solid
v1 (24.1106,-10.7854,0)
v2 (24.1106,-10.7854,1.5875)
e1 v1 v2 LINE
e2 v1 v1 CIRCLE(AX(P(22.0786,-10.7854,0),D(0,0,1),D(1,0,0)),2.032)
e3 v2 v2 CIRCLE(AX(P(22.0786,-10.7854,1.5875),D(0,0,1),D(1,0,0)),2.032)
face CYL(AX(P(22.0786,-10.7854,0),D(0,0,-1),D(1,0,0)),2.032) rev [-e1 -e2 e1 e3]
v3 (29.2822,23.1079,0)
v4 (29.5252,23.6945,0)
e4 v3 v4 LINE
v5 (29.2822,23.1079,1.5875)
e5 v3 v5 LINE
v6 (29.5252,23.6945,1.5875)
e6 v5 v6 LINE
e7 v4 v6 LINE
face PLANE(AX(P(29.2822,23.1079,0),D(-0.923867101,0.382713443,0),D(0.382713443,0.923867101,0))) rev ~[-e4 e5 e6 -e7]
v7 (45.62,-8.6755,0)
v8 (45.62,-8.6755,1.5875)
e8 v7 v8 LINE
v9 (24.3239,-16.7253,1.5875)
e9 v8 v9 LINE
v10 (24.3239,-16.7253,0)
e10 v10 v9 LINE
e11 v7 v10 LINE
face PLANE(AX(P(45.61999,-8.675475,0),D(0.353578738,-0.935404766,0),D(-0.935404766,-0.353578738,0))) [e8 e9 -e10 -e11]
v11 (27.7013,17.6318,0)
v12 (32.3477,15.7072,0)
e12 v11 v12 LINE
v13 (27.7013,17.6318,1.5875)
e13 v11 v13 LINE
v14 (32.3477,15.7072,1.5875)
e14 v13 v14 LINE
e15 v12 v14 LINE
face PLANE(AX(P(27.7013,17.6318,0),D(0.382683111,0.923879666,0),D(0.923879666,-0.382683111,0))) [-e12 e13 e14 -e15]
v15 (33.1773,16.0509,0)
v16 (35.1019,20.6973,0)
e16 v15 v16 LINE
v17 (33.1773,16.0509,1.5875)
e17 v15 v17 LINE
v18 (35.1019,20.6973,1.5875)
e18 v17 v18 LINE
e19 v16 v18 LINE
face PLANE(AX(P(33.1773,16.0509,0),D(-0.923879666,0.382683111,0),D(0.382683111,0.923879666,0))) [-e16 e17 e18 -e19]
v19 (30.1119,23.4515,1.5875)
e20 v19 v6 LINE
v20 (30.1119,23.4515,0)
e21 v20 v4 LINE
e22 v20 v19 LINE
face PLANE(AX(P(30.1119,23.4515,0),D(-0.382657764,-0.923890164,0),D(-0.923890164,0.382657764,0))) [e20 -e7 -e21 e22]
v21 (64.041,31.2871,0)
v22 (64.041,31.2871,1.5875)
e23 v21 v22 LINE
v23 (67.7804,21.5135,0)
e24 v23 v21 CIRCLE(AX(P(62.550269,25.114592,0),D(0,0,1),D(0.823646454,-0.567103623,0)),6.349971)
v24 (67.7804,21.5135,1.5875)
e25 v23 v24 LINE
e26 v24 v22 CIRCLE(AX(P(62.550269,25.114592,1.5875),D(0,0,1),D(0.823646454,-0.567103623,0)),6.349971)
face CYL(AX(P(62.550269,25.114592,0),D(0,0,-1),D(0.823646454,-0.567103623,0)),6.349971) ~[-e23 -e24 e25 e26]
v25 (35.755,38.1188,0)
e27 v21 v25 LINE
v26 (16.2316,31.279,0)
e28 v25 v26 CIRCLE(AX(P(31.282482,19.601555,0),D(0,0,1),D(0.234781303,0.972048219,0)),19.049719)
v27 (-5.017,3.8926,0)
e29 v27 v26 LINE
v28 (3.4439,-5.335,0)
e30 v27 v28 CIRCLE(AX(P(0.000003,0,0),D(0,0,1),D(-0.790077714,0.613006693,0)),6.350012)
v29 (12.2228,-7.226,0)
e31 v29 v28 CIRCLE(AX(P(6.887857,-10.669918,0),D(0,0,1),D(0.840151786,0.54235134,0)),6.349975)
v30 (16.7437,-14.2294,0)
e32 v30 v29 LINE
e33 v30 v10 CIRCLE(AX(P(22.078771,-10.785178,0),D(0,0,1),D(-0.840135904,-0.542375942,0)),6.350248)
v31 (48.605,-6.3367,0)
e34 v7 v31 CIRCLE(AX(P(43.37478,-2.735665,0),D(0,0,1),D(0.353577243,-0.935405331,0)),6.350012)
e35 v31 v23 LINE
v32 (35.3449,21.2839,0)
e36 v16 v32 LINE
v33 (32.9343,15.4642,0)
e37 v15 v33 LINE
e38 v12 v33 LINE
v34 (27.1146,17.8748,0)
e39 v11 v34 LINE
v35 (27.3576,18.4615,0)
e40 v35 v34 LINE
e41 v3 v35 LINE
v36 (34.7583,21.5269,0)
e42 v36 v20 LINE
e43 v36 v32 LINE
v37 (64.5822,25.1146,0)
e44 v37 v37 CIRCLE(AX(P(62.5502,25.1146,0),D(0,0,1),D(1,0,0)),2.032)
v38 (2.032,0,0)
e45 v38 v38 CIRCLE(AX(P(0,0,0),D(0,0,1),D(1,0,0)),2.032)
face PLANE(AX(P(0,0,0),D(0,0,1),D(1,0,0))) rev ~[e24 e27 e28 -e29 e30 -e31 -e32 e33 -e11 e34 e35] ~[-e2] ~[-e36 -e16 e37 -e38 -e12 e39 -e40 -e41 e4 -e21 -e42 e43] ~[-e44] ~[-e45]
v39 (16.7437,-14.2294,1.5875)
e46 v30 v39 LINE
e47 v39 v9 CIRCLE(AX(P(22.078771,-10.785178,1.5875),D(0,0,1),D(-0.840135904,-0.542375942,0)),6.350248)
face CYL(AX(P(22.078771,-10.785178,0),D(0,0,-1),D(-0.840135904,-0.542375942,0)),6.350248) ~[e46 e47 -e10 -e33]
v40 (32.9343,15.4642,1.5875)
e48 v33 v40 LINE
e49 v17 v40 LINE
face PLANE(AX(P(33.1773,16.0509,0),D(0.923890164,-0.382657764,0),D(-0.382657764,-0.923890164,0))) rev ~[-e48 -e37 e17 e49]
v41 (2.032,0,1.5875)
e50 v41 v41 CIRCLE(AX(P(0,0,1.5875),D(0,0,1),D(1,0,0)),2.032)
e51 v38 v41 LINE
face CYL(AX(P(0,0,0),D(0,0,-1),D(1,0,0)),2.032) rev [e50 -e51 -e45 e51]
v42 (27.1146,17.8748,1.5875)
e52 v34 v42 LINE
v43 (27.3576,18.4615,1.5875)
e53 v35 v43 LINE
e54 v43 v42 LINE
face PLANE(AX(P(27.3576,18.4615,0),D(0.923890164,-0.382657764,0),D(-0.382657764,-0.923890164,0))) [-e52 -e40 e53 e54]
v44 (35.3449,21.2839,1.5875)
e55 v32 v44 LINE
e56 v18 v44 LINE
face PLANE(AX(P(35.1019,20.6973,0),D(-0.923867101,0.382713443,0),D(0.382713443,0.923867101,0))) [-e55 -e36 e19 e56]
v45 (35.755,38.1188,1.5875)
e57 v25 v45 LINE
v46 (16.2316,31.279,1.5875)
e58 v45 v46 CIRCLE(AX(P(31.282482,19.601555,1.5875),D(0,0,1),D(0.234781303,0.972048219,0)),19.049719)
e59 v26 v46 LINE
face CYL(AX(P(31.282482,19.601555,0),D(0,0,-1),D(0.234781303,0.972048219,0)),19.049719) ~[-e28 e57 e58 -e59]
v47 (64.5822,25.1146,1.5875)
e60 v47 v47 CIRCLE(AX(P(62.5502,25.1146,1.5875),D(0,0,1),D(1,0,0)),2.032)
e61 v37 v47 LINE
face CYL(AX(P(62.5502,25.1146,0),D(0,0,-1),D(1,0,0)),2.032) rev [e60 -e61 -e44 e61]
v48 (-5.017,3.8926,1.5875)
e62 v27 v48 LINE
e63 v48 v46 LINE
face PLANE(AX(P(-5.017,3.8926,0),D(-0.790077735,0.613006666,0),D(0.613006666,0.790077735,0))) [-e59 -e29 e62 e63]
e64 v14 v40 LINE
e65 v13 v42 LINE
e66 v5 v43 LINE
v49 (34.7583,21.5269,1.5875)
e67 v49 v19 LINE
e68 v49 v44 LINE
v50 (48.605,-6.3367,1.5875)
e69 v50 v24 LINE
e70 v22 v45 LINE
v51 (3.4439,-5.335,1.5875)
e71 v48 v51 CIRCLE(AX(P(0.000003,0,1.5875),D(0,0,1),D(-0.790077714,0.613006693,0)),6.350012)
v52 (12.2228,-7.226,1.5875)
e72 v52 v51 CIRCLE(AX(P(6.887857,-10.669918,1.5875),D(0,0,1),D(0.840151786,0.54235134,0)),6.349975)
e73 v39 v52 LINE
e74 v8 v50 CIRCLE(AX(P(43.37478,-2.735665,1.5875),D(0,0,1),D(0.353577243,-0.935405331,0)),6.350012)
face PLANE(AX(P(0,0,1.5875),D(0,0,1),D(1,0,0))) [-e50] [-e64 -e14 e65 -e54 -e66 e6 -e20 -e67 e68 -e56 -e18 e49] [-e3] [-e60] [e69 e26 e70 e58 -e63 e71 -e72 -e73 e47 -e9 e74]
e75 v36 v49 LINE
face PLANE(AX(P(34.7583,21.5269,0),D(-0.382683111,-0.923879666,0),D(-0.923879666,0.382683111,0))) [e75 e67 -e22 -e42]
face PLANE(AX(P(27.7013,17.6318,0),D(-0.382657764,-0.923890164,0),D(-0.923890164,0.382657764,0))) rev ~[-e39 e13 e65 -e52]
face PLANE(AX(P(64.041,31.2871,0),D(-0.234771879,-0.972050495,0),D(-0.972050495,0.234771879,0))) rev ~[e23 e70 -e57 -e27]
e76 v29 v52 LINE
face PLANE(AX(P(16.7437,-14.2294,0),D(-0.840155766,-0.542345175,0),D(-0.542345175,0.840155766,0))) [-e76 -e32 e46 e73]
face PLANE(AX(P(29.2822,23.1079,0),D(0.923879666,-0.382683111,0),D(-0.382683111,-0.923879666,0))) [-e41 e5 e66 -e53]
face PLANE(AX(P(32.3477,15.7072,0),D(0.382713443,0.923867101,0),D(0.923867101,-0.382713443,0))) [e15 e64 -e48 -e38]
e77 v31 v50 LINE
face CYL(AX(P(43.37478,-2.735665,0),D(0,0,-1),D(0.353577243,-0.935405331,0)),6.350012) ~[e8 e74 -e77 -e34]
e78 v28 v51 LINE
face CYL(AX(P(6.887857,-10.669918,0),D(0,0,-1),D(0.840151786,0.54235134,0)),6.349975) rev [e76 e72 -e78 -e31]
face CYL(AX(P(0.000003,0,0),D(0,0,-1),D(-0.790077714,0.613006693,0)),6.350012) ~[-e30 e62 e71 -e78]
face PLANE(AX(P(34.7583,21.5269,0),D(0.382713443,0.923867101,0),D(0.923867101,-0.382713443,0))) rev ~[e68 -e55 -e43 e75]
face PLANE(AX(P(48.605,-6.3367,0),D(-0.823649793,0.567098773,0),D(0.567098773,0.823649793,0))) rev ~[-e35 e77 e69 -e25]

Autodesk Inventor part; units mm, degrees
ref_plane "YZ Plane" through (0, 0, 0) normal (1, 0, 0) x (0, 1, 0)
ref_plane "XZ Plane" through (0, 0, 0) normal (0, 1, 0) x (-1, 0, 0)
ref_plane "XY Plane" through (0, 0, 0) normal (0, 0, 1) x (1, 0, 0)
sketch "Sketch1" plane through (0, 0, 0) normal (0, 0, 1) x (1, 0, 0)
  circle A0 centre (0, 0) radius 2.0955 construction
  circle A1 centre (31.2825, 19.6012) radius 7.2 construction
  circle A2 centre (43.3748, -2.7357) radius 2.15 construction
  circle A3 centre (31.2825, 19.6012) radius 31.75 construction
  circle A4 centre (43.3748, -2.7357) radius 2.032 construction
  line L0 (31.2825, 19.6012) -> (31.2825, -12.1488) construction
  circle A5 centre (31.2825, -12.1488) radius 2.032 construction
  line L1 (31.2825, 19.6012) -> (62.5502, 25.1146) construction
  line L2 (31.2825, 19.6012) -> (63.0325, 19.6012) construction
  circle A6 centre (62.5502, 25.1146) radius 2.032
  arc A7 (67.7804, 21.5135) -> (64.041, 31.2871) centre (62.5502, 25.1146) ccw
  circle A8 centre (0, 0) radius 2.032
  arc A9 (-5.017, 3.8926) -> (3.4439, -5.335) centre (0, 0) ccw
  arc A10 (45.62, -8.6755) -> (48.605, -6.3367) centre (43.3748, -2.7357) ccw
  circle A11 centre (22.0786, -10.7854) radius 2.032
  line L3 (48.605, -6.3367) -> (67.7804, 21.5135)
  arc A12 (35.755, 38.1188) -> (16.2316, 31.279) centre (31.2825, 19.6012) ccw
  line L4 (64.041, 31.2871) -> (35.755, 38.1188)
  line L5 (-5.017, 3.8926) -> (16.2316, 31.279)
  arc A13 (16.7437, -14.2294) -> (24.3239, -16.7253) centre (22.0786, -10.7854) ccw
  arc A14 (12.2228, -7.226) -> (3.4439, -5.335) centre (6.8878, -10.67) ccw
  line L6 (16.7437, -14.2294) -> (12.2228, -7.226)
  line L7 (45.9985, -8.5324) -> (24.3239, -16.7253)
  line L8 (27.7013, 17.6318) -> (32.3477, 15.7072)
  line L9 (27.7013, 17.6318) -> (27.7013, 17.6318)
  line L10 (32.3477, 15.7072) -> (27.7013, 17.6318)
  line L11 (32.3477, 15.7072) -> (32.3477, 15.7072)
  line L12 (33.1773, 16.0509) -> (35.1019, 20.6973)
  line L13 (33.1773, 16.0509) -> (33.1773, 16.0509)
  line L14 (35.1019, 20.6973) -> (33.1773, 16.0509)
  line L15 (35.1019, 20.6973) -> (35.1019, 20.6973)
  line L16 (34.7583, 21.5269) -> (30.1119, 23.4515)
  line L17 (34.7583, 21.5269) -> (34.7583, 21.5269)
  line L18 (30.1119, 23.4515) -> (34.7583, 21.5269)
  line L19 (30.1119, 23.4515) -> (30.1119, 23.4515)
  line L20 (29.2822, 23.1079) -> (27.3576, 18.4615)
  line L21 (29.2822, 23.1079) -> (29.2822, 23.1079)
  line L22 (27.3576, 18.4615) -> (29.2822, 23.1079)
  line L23 (27.3576, 18.4615) -> (27.3576, 18.4615)
  line L24 (35.1019, 20.6973) -> (35.3449, 21.2839)
  line L25 (34.7583, 21.5269) -> (35.3449, 21.2839)
  line L26 (33.1773, 16.0509) -> (32.9343, 15.4642)
  line L27 (32.3477, 15.7072) -> (32.9343, 15.4642)
  line L28 (29.2822, 23.1079) -> (29.5252, 23.6945)
  line L29 (30.1119, 23.4515) -> (29.5252, 23.6945)
  line L30 (27.3576, 18.4615) -> (27.1146, 17.8748)
  line L31 (27.7013, 17.6318) -> (27.1146, 17.8748)
  point P0 (0, 0)
extrude "Plate1" add sketch "Sketch1" along normal blind 1.5875
sketch "Sketch2" plane through (0, 0, 1.5875) normal (0, 0, 1) x (1, 0, 0)
  arc A0 (-5.017, 3.8926) -> (3.4439, -5.335) centre (0, 0) ccw projected
  line L0 (-5.017, 3.8926) -> (16.2316, 31.279) projected
  arc A1 (35.755, 38.1188) -> (16.2316, 31.279) centre (31.2825, 19.6012) ccw projected
  line L1 (35.755, 38.1188) -> (64.041, 31.2871) projected
  arc A2 (67.7804, 21.5135) -> (64.041, 31.2871) centre (62.5502, 25.1146) ccw projected
  line L2 (67.7804, 21.5135) -> (48.605, -6.3367) projected
  arc A3 (45.62, -8.6755) -> (48.605, -6.3367) centre (43.3748, -2.7357) ccw projected
  line L3 (45.62, -8.6755) -> (24.3239, -16.7253) projected
  arc A4 (16.7437, -14.2294) -> (24.3239, -16.7253) centre (22.0786, -10.7854) ccw projected
  line L4 (16.7437, -14.2294) -> (12.2228, -7.226) projected
  arc A5 (12.2228, -7.226) -> (3.4439, -5.335) centre (6.8878, -10.67) ccw projected
  circle A6 centre (0, 0) radius 2.032 projected
  circle A7 centre (22.0786, -10.7854) radius 2.032 projected
  circle A8 centre (62.5502, 25.1146) radius 2.032 projected
  line L5 (29.5252, 23.6945) -> (35.3449, 21.2839) projected
  line L6 (27.1146, 17.8748) -> (29.5252, 23.6945) projected
  line L7 (35.3449, 21.2839) -> (32.9343, 15.4642) projected
  line L8 (32.9343, 15.4642) -> (27.1146, 17.8748) projected
  point P0 (0, 0)
equation "\"d20\" = Thickness"
equation "\"BendRadius\" = Thickness"
equation "\"BendReliefWidth\" = Thickness"
equation "\"BendReliefDepth\" = 0.5 * Thickness"
equation "\"CornerReliefSize\" = 4 * Thickness"
equation "\"MinimumRemnant\" = 2 * Thickness"
equation "\"TransitionRadius\" = BendRadius"
equation "\"JacobiRadiusSize\" = BendRadius"
equation "\"GapSize\" = Thickness"
equation "\"Thickness\" = 1.5875"
properties part number "Rear Vertical Odom Pod" material "Acetal Resin, White"
